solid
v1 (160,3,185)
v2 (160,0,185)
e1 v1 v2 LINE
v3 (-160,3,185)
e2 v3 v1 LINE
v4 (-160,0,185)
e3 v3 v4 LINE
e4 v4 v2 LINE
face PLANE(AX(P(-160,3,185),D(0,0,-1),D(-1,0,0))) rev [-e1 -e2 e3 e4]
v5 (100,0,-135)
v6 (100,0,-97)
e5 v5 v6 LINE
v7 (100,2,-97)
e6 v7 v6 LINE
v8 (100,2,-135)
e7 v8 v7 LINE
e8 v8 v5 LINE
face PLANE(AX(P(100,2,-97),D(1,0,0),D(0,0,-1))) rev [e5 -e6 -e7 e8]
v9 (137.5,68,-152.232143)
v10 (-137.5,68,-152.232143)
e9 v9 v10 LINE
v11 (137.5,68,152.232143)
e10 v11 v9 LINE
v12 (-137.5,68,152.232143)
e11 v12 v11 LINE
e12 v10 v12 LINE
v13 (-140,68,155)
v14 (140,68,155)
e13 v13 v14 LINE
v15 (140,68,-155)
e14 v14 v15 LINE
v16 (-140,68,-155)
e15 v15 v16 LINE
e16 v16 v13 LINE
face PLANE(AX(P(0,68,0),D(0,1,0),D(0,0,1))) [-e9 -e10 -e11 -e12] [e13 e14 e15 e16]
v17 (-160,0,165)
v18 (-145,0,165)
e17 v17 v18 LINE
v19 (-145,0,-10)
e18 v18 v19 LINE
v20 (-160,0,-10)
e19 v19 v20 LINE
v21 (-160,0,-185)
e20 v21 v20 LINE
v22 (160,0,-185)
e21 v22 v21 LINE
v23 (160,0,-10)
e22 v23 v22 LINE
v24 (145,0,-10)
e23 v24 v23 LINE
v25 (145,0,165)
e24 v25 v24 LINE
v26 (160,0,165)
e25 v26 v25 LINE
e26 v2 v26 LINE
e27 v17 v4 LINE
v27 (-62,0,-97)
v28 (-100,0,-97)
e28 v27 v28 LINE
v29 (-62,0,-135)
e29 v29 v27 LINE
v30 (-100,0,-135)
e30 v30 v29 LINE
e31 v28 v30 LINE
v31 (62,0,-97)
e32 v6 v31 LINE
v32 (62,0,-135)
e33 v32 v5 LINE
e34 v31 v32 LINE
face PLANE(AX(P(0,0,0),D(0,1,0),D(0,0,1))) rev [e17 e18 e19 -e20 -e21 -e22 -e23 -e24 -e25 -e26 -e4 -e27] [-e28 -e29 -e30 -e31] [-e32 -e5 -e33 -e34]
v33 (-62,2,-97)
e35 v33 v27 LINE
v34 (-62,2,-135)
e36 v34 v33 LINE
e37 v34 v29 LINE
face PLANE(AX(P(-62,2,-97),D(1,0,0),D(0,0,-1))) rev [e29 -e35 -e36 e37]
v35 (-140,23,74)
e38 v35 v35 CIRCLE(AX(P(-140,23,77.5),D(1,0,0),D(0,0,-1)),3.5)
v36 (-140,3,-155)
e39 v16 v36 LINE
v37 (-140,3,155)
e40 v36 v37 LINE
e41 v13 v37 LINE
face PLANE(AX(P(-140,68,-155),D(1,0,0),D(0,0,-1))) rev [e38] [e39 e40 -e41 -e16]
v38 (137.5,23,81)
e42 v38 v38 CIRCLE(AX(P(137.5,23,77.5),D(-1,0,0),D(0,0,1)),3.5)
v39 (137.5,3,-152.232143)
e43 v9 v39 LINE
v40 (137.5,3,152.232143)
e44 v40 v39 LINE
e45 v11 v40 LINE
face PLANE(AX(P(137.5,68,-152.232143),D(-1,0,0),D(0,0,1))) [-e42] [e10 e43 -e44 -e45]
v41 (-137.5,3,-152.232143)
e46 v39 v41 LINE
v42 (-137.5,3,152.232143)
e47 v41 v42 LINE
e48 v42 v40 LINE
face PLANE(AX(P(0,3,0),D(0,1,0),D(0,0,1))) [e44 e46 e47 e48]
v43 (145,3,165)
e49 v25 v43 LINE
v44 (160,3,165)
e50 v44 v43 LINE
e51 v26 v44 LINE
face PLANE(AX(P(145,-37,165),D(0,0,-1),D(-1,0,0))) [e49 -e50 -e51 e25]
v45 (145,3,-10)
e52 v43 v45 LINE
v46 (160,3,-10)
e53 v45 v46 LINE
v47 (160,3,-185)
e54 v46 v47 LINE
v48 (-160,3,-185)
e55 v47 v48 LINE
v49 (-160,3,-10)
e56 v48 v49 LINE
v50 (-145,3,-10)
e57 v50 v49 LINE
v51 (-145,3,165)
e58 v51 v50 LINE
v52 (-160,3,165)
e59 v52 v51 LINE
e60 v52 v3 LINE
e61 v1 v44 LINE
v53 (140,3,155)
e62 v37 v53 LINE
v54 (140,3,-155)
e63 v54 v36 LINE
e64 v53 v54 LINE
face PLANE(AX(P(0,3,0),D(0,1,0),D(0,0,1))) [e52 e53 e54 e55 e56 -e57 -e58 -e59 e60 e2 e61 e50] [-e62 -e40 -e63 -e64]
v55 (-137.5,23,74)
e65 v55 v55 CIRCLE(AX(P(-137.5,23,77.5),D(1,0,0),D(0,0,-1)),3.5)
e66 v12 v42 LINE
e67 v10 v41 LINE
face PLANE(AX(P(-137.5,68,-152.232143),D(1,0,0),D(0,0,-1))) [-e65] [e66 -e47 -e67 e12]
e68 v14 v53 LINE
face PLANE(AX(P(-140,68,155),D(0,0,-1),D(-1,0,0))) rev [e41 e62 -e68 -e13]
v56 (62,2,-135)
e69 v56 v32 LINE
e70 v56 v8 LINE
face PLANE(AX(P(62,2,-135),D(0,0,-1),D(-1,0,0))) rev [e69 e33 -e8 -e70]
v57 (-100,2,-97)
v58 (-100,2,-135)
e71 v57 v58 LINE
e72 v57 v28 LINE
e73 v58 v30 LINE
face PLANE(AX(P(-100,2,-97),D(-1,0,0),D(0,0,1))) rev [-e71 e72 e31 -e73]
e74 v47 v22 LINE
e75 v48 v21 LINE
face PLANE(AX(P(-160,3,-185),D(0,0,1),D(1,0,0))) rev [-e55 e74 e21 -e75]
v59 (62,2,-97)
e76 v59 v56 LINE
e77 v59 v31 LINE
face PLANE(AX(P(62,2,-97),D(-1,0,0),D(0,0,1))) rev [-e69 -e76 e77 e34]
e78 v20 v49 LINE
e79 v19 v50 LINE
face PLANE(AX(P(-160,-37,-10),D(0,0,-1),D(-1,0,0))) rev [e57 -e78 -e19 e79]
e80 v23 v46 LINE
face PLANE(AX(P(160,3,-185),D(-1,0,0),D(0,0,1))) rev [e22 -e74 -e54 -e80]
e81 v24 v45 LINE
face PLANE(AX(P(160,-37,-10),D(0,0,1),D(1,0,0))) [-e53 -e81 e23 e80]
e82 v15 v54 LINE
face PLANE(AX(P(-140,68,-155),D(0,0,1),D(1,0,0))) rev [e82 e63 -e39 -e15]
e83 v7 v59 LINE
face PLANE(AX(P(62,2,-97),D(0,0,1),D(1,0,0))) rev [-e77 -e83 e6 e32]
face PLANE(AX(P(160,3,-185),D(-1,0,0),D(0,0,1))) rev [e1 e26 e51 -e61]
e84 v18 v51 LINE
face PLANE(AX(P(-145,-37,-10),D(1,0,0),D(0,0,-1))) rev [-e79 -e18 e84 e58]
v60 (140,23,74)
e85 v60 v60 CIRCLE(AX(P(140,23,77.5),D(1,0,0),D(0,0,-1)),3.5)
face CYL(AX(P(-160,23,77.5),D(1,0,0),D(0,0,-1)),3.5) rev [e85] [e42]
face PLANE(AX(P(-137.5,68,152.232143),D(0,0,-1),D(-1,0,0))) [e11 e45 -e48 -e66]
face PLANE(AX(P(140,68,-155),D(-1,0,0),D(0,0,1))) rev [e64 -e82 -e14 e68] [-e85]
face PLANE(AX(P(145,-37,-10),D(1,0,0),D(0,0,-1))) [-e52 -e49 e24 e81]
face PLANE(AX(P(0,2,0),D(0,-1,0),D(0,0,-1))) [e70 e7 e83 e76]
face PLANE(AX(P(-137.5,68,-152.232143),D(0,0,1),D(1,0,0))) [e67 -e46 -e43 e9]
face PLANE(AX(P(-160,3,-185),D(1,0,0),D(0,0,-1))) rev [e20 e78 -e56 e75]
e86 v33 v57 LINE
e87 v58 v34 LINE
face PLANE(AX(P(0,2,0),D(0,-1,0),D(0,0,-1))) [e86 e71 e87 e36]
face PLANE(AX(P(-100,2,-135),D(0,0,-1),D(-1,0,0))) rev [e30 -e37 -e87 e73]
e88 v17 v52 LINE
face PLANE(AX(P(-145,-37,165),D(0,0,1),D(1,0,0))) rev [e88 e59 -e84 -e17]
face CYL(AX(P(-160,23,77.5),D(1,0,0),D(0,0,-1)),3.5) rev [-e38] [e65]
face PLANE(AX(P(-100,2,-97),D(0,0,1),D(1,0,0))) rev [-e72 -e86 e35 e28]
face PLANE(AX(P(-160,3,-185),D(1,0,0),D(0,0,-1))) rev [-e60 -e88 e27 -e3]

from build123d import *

# Parameters (mm, degrees)
SKETCH1_W           = 320
SKETCH1_H           = 370
BOSS_EXTRUDE1_DEPTH = 3
SKETCH2_W           = 280
SKETCH2_H           = 310
SKETCH2_W_2         = 275
SKETCH2_H_2         = 304.464285714
BOSS_EXTRUDE2_DEPTH = 65
SKETCH4_W           = 15
SKETCH4_H           = 175
CUT_EXTRUDE2_DEPTH  = 40
SKETCH5_R           = 3.5
CUT_EXTRUDE3_DEPTH  = 359.955428988
SKETCH6_W           = 38
SKETCH6_H           = 38
CUT_EXTRUDE5_DEPTH  = 2


with BuildPart() as part:
    # Sketch1 → Boss-Extrude1 (new body)
    with BuildSketch(Plane(origin=(0, 0, 0), x_dir=(1, 0, 0), z_dir=(0, 1, 0))):
        Rectangle(SKETCH1_W, SKETCH1_H)
    extrude(amount=BOSS_EXTRUDE1_DEPTH)

    # Sketch2 → Boss-Extrude2 (add)
    with BuildSketch(Plane(origin=(0, 3, 0), x_dir=(1, 0, 0), z_dir=(0, 1, 0))):
        Rectangle(SKETCH2_W, SKETCH2_H)
        Rectangle(SKETCH2_W_2, SKETCH2_H_2, mode=Mode.SUBTRACT)
    extrude(amount=BOSS_EXTRUDE2_DEPTH)

    # Sketch4 → Cut-Extrude2 (cut)
    with BuildSketch(Plane(origin=(0, 3, 0), x_dir=(1, 0, 0), z_dir=(0, 1, 0))):
        with Locations((-152.5, -77.5)):
            Rectangle(SKETCH4_W, SKETCH4_H)
    cut_extrude2 = extrude(amount=-CUT_EXTRUDE2_DEPTH, mode=Mode.SUBTRACT)

    # Mirror3: Cut-Extrude2 across plane
    add(cut_extrude2.mirror(Plane(origin=(0, 0, 0), x_dir=(0, 0, 1), z_dir=(1, 0, 0))), mode=Mode.SUBTRACT)

    # Sketch5 → Cut-Extrude3 (cut, through all)
    with BuildSketch(Plane(origin=(140, 0, 0), x_dir=(0, 0, -1), z_dir=(1, 0, 0))):
        with Locations((-77.5, 23)):
            Circle(SKETCH5_R)
    extrude(amount=-CUT_EXTRUDE3_DEPTH, mode=Mode.SUBTRACT)

    # Sketch6 → Cut-Extrude5 (cut)
    with BuildSketch(Plane.XZ):
        with Locations((-81, -116)):
            Rectangle(SKETCH6_W, SKETCH6_H)
        with Locations((81, -116)):
            Rectangle(SKETCH6_W, SKETCH6_H)
    extrude(amount=-CUT_EXTRUDE5_DEPTH, mode=Mode.SUBTRACT)


solid = part.part
